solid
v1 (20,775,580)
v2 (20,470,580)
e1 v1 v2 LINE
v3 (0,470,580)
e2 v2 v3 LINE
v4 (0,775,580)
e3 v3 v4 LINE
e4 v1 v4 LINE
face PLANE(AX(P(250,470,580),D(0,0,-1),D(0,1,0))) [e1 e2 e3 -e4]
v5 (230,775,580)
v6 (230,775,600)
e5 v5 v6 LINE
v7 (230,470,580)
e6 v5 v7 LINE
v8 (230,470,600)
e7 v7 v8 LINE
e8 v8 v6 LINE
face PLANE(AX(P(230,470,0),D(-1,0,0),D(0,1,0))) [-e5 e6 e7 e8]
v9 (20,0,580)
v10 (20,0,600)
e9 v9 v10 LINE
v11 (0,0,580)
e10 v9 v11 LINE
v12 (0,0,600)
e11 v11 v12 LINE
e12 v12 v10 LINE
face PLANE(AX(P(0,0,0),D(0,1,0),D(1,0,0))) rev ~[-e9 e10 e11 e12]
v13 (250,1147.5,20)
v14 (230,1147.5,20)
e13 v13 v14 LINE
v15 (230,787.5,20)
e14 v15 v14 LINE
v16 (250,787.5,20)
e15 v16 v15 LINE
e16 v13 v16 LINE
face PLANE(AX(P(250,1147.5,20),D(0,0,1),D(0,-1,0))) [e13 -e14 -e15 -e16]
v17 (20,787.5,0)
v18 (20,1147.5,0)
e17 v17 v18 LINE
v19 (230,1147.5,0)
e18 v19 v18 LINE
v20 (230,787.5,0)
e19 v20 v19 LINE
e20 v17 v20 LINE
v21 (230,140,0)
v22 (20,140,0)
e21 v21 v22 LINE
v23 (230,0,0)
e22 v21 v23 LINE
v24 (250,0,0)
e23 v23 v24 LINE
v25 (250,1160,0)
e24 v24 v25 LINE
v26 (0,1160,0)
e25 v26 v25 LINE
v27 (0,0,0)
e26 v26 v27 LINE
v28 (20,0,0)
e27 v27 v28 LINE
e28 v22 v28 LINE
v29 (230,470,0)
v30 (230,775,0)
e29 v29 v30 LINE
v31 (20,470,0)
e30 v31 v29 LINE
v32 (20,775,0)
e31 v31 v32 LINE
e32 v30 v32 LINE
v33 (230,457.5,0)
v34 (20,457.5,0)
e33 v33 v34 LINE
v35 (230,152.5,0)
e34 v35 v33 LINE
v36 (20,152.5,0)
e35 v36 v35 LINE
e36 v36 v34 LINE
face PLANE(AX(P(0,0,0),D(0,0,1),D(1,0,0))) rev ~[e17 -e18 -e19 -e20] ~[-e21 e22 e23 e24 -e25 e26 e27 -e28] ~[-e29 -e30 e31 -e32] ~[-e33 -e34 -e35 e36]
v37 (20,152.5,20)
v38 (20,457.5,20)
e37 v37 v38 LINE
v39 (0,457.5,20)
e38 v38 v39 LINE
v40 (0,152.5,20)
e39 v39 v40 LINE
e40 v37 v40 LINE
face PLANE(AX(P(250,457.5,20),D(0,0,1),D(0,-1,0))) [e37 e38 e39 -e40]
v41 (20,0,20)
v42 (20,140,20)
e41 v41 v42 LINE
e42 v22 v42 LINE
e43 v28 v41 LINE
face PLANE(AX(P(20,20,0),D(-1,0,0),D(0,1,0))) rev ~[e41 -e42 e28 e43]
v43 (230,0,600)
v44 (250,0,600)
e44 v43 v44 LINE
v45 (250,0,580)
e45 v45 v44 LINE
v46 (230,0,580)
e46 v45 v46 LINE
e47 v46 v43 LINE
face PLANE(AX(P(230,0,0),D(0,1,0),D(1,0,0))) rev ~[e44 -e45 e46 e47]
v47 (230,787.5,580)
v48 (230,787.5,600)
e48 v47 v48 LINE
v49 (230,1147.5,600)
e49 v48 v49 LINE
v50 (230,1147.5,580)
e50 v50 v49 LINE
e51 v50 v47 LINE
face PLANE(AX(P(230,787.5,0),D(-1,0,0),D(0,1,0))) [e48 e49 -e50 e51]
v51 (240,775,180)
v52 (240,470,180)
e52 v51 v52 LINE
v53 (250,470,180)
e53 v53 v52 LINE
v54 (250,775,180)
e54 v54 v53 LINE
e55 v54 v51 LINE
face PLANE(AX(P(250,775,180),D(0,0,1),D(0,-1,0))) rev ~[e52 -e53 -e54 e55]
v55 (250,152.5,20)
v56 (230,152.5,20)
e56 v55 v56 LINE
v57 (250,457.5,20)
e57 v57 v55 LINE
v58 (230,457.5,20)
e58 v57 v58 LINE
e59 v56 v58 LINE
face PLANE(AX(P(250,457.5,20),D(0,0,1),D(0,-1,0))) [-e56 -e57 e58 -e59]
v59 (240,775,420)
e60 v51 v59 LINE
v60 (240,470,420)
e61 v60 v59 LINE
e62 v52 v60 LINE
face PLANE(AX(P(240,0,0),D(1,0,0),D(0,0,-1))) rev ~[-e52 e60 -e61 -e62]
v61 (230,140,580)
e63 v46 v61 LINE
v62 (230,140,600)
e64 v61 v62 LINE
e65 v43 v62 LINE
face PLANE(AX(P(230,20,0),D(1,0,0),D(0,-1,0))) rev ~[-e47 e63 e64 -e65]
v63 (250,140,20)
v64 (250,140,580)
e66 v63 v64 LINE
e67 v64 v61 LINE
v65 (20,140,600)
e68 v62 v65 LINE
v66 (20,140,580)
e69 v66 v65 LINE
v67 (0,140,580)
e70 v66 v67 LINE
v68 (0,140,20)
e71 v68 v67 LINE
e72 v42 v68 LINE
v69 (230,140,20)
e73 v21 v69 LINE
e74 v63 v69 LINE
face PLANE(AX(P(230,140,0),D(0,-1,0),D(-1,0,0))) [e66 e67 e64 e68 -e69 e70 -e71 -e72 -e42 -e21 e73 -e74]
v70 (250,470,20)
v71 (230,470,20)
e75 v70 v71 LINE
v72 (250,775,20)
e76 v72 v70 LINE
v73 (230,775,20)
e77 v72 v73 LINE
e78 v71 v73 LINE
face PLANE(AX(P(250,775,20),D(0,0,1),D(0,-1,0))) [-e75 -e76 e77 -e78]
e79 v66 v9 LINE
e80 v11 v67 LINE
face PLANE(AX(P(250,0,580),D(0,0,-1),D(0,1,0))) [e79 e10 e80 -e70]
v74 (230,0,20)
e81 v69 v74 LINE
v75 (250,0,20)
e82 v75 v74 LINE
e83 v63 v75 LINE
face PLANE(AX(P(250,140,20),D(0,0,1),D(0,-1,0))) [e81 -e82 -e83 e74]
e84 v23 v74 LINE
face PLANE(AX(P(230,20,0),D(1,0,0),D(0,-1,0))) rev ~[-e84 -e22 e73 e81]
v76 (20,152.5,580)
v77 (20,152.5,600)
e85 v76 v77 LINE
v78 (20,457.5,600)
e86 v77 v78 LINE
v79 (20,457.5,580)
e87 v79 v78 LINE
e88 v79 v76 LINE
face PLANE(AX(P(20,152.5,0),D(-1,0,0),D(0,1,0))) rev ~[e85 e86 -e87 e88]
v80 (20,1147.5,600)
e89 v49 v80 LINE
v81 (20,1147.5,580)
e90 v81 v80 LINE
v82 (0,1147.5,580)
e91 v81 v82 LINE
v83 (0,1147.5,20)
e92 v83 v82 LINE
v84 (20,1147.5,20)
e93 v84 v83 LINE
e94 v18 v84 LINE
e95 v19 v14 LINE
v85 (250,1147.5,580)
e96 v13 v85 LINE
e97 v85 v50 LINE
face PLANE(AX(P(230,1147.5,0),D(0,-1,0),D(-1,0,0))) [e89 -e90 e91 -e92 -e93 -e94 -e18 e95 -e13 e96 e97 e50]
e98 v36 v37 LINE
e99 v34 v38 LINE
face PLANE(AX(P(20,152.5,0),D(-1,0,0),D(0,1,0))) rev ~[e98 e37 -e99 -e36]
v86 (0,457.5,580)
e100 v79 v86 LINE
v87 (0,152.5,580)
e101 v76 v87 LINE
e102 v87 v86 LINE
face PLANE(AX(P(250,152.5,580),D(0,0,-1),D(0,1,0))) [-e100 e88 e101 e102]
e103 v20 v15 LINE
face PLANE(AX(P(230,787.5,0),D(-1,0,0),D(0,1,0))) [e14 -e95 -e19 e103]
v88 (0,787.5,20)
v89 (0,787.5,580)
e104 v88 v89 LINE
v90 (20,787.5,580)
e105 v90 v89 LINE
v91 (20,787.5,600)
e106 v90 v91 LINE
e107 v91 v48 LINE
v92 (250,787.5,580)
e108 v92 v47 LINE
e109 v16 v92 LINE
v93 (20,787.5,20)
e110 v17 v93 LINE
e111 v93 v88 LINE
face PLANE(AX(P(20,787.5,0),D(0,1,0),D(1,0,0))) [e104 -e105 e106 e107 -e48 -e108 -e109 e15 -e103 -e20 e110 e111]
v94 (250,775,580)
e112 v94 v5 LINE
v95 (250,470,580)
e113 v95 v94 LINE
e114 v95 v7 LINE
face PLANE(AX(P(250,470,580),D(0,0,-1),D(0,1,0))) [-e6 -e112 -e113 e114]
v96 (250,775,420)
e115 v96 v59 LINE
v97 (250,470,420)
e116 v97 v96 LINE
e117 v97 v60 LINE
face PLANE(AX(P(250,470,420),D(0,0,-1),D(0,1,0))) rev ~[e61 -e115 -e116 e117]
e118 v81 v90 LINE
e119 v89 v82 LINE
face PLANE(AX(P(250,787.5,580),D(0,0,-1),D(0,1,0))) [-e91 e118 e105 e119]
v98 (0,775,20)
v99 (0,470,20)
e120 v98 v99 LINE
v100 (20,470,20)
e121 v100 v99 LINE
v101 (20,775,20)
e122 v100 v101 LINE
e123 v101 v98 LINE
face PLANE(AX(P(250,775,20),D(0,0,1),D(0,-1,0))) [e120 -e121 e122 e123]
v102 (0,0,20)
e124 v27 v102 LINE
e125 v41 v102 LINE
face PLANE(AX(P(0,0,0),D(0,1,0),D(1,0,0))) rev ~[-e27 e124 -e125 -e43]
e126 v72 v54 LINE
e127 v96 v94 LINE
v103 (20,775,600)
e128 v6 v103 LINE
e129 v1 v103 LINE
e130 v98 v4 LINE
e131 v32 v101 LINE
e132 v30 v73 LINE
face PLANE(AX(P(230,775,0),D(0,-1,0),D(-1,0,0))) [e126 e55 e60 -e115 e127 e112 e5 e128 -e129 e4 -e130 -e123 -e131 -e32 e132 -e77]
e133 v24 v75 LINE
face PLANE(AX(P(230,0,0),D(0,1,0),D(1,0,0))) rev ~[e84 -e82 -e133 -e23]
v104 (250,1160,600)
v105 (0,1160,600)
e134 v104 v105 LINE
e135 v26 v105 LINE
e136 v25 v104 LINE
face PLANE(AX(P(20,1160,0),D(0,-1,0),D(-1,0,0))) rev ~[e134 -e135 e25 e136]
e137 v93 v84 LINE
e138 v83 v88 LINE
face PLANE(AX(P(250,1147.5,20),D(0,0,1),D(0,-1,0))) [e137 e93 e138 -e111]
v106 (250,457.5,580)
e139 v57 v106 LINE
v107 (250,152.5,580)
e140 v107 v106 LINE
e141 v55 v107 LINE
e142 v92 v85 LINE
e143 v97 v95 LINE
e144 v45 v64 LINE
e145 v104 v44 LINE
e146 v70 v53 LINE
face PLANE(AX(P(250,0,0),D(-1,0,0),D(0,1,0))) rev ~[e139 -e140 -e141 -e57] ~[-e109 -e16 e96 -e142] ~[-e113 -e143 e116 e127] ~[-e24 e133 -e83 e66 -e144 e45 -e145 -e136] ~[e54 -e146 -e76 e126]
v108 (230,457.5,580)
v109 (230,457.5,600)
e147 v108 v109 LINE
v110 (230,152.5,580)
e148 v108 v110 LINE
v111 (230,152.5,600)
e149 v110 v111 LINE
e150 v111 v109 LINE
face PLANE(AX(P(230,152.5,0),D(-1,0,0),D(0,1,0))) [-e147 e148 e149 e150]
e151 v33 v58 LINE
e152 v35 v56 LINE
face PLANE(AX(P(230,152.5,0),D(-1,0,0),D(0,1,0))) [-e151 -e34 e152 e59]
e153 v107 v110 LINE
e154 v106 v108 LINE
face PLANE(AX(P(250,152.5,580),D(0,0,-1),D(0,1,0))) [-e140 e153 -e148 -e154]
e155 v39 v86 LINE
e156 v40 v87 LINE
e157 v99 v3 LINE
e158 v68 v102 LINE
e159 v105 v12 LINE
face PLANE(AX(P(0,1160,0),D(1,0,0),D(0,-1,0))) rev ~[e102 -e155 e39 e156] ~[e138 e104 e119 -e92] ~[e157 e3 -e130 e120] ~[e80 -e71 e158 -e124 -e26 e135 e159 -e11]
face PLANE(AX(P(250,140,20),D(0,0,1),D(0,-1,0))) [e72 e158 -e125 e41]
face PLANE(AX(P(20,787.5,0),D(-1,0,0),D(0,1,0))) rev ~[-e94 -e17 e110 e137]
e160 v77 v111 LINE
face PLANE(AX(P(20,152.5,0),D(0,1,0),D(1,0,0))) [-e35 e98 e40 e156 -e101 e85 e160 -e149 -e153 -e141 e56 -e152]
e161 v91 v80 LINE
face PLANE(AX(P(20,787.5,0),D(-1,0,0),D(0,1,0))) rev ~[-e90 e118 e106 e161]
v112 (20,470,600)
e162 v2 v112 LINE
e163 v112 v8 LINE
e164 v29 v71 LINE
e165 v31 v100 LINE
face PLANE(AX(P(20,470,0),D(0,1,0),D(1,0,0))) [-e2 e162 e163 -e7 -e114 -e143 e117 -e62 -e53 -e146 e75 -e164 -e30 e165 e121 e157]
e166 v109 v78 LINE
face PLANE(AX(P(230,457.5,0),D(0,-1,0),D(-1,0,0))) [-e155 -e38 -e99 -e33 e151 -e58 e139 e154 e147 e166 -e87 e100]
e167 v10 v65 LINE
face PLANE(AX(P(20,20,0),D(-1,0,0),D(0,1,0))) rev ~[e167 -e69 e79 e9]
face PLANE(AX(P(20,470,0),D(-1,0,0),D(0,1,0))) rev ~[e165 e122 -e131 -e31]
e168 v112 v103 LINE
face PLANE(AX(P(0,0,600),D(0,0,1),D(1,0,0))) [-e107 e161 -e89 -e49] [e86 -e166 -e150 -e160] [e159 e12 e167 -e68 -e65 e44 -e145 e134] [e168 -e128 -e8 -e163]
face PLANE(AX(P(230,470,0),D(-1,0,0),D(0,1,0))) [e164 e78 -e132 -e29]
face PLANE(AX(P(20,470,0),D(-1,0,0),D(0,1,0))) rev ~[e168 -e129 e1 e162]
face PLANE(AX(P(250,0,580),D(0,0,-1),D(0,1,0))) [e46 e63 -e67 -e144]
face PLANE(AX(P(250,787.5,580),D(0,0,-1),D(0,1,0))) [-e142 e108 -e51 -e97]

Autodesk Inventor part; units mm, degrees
ref_plane "YZ Plane" through (0, 0, 0) normal (1, 0, 0) x (0, 1, 0)
ref_plane "XZ Plane" through (0, 0, 0) normal (0, 1, 0) x (-1, 0, 0)
ref_plane "XY Plane" through (0, 0, 0) normal (0, 0, 1) x (1, 0, 0)
sketch "Boceto1" plane through (0, 0, 0) normal (0, 0, 1) x (1, 0, 0)
  line L0 (250, 0) -> (250, 1160)
  line L1 (0, 1160) -> (0, 0)
  line L2 (230, 20) -> (230, 0)
  line L3 (20, 20) -> (20, 0)
  line L4 (230, 0) -> (230, 140)
  line L5 (230, 140) -> (20, 140)
  line L6 (20, 152.5) -> (230, 152.5)
  line L7 (230, 152.5) -> (230, 457.5)
  line L8 (230, 457.5) -> (20, 457.5)
  line L9 (20, 457.5) -> (20, 470)
  line L10 (20, 470) -> (230, 470)
  line L11 (230, 470) -> (230, 457.5)
  line L12 (230, 470) -> (230, 775)
  line L13 (230, 775) -> (20, 775)
  line L14 (20, 775) -> (20, 787.5)
  line L15 (20, 787.5) -> (230, 787.5)
  line L16 (230, 787.5) -> (230, 775)
  line L17 (230, 787.5) -> (230, 1147.5)
  line L18 (230, 1147.5) -> (20, 1147.5)
  line L19 (20, 1160) -> (230, 1160)
  line L20 (230, 1160) -> (230, 1147.5)
  line L21 (0, 0) -> (20, 0)
  line L22 (230, 0) -> (250, 0)
  line L23 (20, 20) -> (20, 140)
  line L24 (230, 140) -> (230, 20)
  line L25 (20, 152.5) -> (20, 457.5)
  line L26 (230, 1147.5) -> (230, 470)
  line L27 (230, 457.5) -> (230, 152.5)
  line L28 (20, 470) -> (20, 775)
  line L29 (20, 787.5) -> (20, 1147.5)
  line L30 (0, 0) -> (529.2462, 0) construction
  line L31 (20, 1160) -> (0, 1160)
  line L32 (230, 1160) -> (250, 1160)
  line L33 (230, 1147.5) -> (250, 1147.5)
  dimension "d5" = 140
  dimension "d6" = 12.5
  dimension "d7" = 305
  dimension "d8" = 12.5
  dimension "d9" = 305
  dimension "d10" = 12.5
  dimension "d11" = 360
  dimension "d13" = 12.5
  dimension "d28" = 1160
  dimension "d29" = 250
  dimension "d30" = 210
  dimension "d31" = 20
extrude "Extrusión1" add sketch "Boceto1" along normal blind 600 contours L22 L2 L4 L5 L23 L3 L21 L1 L31 L19 L20 L33 L0 | L33 L20 L32 L0 | L16 L13 L14 L15 | L11 L8 L9 L10
sketch "Boceto2" plane through (250, 0, 0) normal (1, 0, 0) x (0, 0, -1)
  line L0 (0, 457.5) -> (0, 152.5) projected
  line L1 (0, 152.5) -> (0, 457.5) projected
  line L2 (0, 0) -> (-600, 0) projected
  line L3 (0, 0) -> (-600, 0) projected
  line L4 (0, 0) -> (-600, 0) projected
  line L5 (0, 0) -> (-600, 0) projected
  line L6 (-600, 140) -> (-600, 0) projected
  line L7 (0, 140) -> (0, 0) projected
  line L8 (0, 0) -> (-600, 0) projected
  line L9 (-600, 140) -> (-600, 0) projected
  line L10 (0, 140) -> (-600, 140) projected
  line L11 (0, 0) -> (-600, 0) projected
  line L12 (0, 0) -> (-600, 0) projected
  line L13 (0, 140) -> (-600, 140) projected
  line L14 (0, 0) -> (0, 140) projected
  line L15 (0, 140) -> (-600, 140) projected
  line L16 (-600, 0) -> (-600, 140) projected
  line L17 (0, 0) -> (-600, 0) projected
  line L18 (0, 140) -> (-600, 140) projected
  line L19 (0, 140) -> (-600, 140) projected
  line L20 (0, 152.5) -> (-600, 152.5) projected
  line L21 (-600, 457.5) -> (-600, 152.5) projected
  line L22 (0, 457.5) -> (0, 152.5) projected
  line L23 (0, 152.5) -> (-600, 152.5) projected
  line L24 (-600, 457.5) -> (-600, 152.5) projected
  line L25 (0, 457.5) -> (-600, 457.5) projected
  line L26 (-600, 152.5) -> (-600, 457.5) projected
  line L27 (0, 152.5) -> (0, 457.5) projected
  line L28 (0, 457.5) -> (-600, 457.5) projected
  line L29 (-600, 152.5) -> (-600, 457.5) projected
  line L30 (0, 152.5) -> (-600, 152.5) projected
  line L31 (0, 0) -> (0, 1160) projected
  line L32 (0, 1160) -> (0, 0) projected
  line L33 (0, 140) -> (0, 0) projected
  line L34 (0, 0) -> (0, 140) projected
  line L35 (0, 1160) -> (0, 0) projected
  line L36 (0, 0) -> (0, 1160) projected
  line L37 (0, 470) -> (0, 775) projected
  line L38 (0, 775) -> (0, 470) projected
  line L39 (0, 152.5) -> (0, 457.5) projected
  line L40 (0, 457.5) -> (0, 152.5) projected
  line L41 (-600, 0) -> (-600, 1160) projected
  line L42 (0, 0) -> (0, 1160) projected
  line L43 (-600, 0) -> (-600, 1160) projected
  line L44 (0, 0) -> (-600, 0) projected
  line L45 (-600, 1160) -> (-600, 0) projected
  line L46 (0, 1160) -> (0, 0) projected
  line L47 (0, 0) -> (-600, 0) projected
  line L48 (-600, 1160) -> (-600, 0) projected
  line L49 (-600, 140) -> (-600, 0) projected
  line L50 (-600, 0) -> (-600, 1160) projected
  line L51 (-600, 1160) -> (-600, 0) projected
  line L52 (-600, 0) -> (-600, 140) projected
  line L53 (-600, 470) -> (-600, 775) projected
  line L54 (-600, 775) -> (-600, 470) projected
  line L55 (-600, 457.5) -> (-600, 152.5) projected
  line L56 (-600, 152.5) -> (-600, 457.5) projected
  line L57 (0, 1600) -> (-600, 1600) projected
  line L58 (0, 152.5) -> (-600, 152.5) projected
  line L59 (0, 152.5) -> (-600, 152.5) projected
  line L60 (0, 152.5) -> (-600, 152.5) projected
  line L61 (0, 0) -> (-600, 0) projected
  line L62 (0, 140) -> (-600, 140) projected
  line L63 (0, 140) -> (0, 0) projected
  line L64 (-600, 0) -> (-600, 140) projected
  line L65 (0, 0) -> (-600, 0) projected
  line L66 (0, 0) -> (0, 140) projected
  line L67 (0, 1160) -> (-600, 1160) projected
  line L68 (0, 1160) -> (-600, 1160) projected
  line L69 (0, 1160) -> (0, 1147.5) projected
  line L70 (0, 1580) -> (-600, 1580) projected
  line L71 (0, 1580) -> (-600, 1580) projected
  line L72 (0, 1580) -> (0, 1160) projected
  line L73 (-600, 1160) -> (-600, 1147.5) projected
  line L74 (-600, 470) -> (-600, 775) projected
  line L75 (0, 457.5) -> (-600, 457.5) projected
  line L76 (0, 457.5) -> (-600, 457.5) projected
  line L77 (0, 457.5) -> (-600, 457.5) projected
  line L78 (0, 457.5) -> (-600, 457.5) projected
  line L79 (0, 470) -> (-600, 470) projected
  line L80 (0, 470) -> (-600, 470) projected
  line L81 (0, 470) -> (-600, 470) projected
  line L82 (-600, 775) -> (-600, 470) projected
  line L83 (0, 775) -> (0, 470) projected
  line L84 (0, 775) -> (0, 470) projected
  line L85 (0, 470) -> (-600, 470) projected
  line L86 (-600, 775) -> (-600, 470) projected
  line L87 (0, 775) -> (-600, 775) projected
  line L88 (0, 470) -> (0, 775) projected
  line L89 (0, 470) -> (0, 775) projected
  line L90 (0, 775) -> (-600, 775) projected
  line L91 (-600, 470) -> (-600, 775) projected
  line L92 (0, 470) -> (-600, 470) projected
  line L93 (0, 470) -> (-600, 470) projected
  line L94 (0, 775) -> (-600, 775) projected
  line L95 (0, 775) -> (-600, 775) projected
  line L96 (0, 775) -> (-600, 775) projected
  line L97 (0, 775) -> (-600, 775) projected
  line L98 (0, 787.5) -> (-600, 787.5) projected
  line L99 (0, 787.5) -> (-600, 787.5) projected
  line L100 (0, 787.5) -> (-600, 787.5) projected
  line L101 (0, 787.5) -> (-600, 787.5) projected
  line L102 (-600, 1147.5) -> (-600, 787.5) projected
  line L103 (-600, 787.5) -> (-600, 1147.5) projected
  line L104 (0, 1147.5) -> (-600, 1147.5) projected
  line L105 (0, 1147.5) -> (0, 787.5) projected
  line L106 (0, 787.5) -> (-600, 787.5) projected
  line L107 (-600, 1147.5) -> (-600, 787.5) projected
  line L108 (0, 1147.5) -> (-600, 1147.5) projected
  line L109 (0, 787.5) -> (0, 1147.5) projected
  line L110 (0, 1147.5) -> (-600, 1147.5) projected
  line L111 (-600, 787.5) -> (-600, 1147.5) projected
  line L112 (0, 787.5) -> (-600, 787.5) projected
  line L113 (0, 1147.5) -> (0, 787.5) projected
  line L114 (0, 787.5) -> (0, 1147.5) projected
  line L115 (0, 1600) -> (-600, 1600) projected
  line L116 (0, 1147.5) -> (-600, 1147.5) projected
  line L117 (0, 1147.5) -> (-600, 1147.5) projected
  line L118 (0, 1147.5) -> (-600, 1147.5) projected
  line L119 (0, 1160) -> (-600, 1160) projected
  line L120 (0, 1160) -> (-600, 1160) projected
  line L121 (0, 787.5) -> (0, 1147.5) projected
  line L122 (-600, 787.5) -> (-600, 1147.5) projected
  line L123 (0, 1580) -> (0, 1160) projected
  line L124 (0, 1160) -> (-600, 1160) projected
  line L125 (-600, 1580) -> (-600, 1160) projected
  line L126 (0, 1580) -> (-600, 1580) projected
  line L127 (0, 1600) -> (-600, 1600) projected
  line L128 (0, 1600) -> (-600, 1600) projected
  line L129 (0, 1580) -> (-600, 1580) projected
  line L130 (0, 1580) -> (-600, 1580) projected
  line L131 (-580, 0) -> (-580, 1600)
  line L132 (-20, 1600) -> (-20, 0)
  line L133 (0, 1160) -> (-600, 1160) projected
  line L134 (0, 1160) -> (-600, 1160) projected
  line L135 (0, 1147.5) -> (-600, 1147.5) projected
  line L136 (0, 787.5) -> (-600, 787.5) projected
  point P0 (-20, 1160)
  point P1 (-20, 1580)
  point P2 (-580, 1580)
  point P3 (-580, 1160)
  point P4 (-20, 787.5)
  point P5 (-20, 1147.5)
  point P6 (-580, 1147.5)
  point P7 (-580, 787.5)
  point P8 (-20, 470)
  point P9 (-20, 775)
  point P10 (-580, 775)
  point P11 (-580, 470)
  point P12 (-20, 152.5)
  point P13 (-20, 457.5)
  point P14 (-580, 457.5)
  point P15 (-580, 152.5)
  point P16 (-20, 140)
  point P17 (-580, 140)
  dimension "d16" = 20
  dimension "d17" = 20
extrude "Extrusión2" cut sketch "Boceto2" against normal blind 600 contours L132 L20 L131 L25 | L79 L131 L87 L132 | L132 L2 L131 L10 | L98 L131 L104 L132
sketch "Boceto3" plane through (250, 0, 0) normal (1, 0, 0) x (0, 0, -1)
  line L0 (-20, 787.5) -> (-580, 787.5) projected
  line L1 (-20, 1147.5) -> (-580, 1147.5) projected
  line L2 (-420, 787.5) -> (-180, 787.5)
  line L3 (-180, 1147.5) -> (-420, 1147.5)
  line L4 (-580, 787.5) -> (-580, 1147.5) projected
  line L5 (-20, 1147.5) -> (-20, 787.5) projected
  line L6 (-580, 775) -> (-20, 775) projected
  line L7 (-580, 470) -> (-20, 470) projected
  line L8 (-420, 775) -> (-180, 775)
  line L9 (-180, 775) -> (-180, 470)
  line L10 (-180, 470) -> (-420, 470)
  line L11 (-420, 470) -> (-420, 775)
  line L12 (-300, 775) -> (-300, 470)
  line L13 (-20, 775) -> (-20, 470) projected
  point P0 (0, 0)
  dimension "d32" = 240
  dimension "d33" = 160
extrude "Extrusión3" add sketch "Boceto3" against normal blind 10 contours L6 L12 L7 L11 | L6 L9 L7 L12
properties part number "ESTANTERÍA2" material "Aluminio 6061"
